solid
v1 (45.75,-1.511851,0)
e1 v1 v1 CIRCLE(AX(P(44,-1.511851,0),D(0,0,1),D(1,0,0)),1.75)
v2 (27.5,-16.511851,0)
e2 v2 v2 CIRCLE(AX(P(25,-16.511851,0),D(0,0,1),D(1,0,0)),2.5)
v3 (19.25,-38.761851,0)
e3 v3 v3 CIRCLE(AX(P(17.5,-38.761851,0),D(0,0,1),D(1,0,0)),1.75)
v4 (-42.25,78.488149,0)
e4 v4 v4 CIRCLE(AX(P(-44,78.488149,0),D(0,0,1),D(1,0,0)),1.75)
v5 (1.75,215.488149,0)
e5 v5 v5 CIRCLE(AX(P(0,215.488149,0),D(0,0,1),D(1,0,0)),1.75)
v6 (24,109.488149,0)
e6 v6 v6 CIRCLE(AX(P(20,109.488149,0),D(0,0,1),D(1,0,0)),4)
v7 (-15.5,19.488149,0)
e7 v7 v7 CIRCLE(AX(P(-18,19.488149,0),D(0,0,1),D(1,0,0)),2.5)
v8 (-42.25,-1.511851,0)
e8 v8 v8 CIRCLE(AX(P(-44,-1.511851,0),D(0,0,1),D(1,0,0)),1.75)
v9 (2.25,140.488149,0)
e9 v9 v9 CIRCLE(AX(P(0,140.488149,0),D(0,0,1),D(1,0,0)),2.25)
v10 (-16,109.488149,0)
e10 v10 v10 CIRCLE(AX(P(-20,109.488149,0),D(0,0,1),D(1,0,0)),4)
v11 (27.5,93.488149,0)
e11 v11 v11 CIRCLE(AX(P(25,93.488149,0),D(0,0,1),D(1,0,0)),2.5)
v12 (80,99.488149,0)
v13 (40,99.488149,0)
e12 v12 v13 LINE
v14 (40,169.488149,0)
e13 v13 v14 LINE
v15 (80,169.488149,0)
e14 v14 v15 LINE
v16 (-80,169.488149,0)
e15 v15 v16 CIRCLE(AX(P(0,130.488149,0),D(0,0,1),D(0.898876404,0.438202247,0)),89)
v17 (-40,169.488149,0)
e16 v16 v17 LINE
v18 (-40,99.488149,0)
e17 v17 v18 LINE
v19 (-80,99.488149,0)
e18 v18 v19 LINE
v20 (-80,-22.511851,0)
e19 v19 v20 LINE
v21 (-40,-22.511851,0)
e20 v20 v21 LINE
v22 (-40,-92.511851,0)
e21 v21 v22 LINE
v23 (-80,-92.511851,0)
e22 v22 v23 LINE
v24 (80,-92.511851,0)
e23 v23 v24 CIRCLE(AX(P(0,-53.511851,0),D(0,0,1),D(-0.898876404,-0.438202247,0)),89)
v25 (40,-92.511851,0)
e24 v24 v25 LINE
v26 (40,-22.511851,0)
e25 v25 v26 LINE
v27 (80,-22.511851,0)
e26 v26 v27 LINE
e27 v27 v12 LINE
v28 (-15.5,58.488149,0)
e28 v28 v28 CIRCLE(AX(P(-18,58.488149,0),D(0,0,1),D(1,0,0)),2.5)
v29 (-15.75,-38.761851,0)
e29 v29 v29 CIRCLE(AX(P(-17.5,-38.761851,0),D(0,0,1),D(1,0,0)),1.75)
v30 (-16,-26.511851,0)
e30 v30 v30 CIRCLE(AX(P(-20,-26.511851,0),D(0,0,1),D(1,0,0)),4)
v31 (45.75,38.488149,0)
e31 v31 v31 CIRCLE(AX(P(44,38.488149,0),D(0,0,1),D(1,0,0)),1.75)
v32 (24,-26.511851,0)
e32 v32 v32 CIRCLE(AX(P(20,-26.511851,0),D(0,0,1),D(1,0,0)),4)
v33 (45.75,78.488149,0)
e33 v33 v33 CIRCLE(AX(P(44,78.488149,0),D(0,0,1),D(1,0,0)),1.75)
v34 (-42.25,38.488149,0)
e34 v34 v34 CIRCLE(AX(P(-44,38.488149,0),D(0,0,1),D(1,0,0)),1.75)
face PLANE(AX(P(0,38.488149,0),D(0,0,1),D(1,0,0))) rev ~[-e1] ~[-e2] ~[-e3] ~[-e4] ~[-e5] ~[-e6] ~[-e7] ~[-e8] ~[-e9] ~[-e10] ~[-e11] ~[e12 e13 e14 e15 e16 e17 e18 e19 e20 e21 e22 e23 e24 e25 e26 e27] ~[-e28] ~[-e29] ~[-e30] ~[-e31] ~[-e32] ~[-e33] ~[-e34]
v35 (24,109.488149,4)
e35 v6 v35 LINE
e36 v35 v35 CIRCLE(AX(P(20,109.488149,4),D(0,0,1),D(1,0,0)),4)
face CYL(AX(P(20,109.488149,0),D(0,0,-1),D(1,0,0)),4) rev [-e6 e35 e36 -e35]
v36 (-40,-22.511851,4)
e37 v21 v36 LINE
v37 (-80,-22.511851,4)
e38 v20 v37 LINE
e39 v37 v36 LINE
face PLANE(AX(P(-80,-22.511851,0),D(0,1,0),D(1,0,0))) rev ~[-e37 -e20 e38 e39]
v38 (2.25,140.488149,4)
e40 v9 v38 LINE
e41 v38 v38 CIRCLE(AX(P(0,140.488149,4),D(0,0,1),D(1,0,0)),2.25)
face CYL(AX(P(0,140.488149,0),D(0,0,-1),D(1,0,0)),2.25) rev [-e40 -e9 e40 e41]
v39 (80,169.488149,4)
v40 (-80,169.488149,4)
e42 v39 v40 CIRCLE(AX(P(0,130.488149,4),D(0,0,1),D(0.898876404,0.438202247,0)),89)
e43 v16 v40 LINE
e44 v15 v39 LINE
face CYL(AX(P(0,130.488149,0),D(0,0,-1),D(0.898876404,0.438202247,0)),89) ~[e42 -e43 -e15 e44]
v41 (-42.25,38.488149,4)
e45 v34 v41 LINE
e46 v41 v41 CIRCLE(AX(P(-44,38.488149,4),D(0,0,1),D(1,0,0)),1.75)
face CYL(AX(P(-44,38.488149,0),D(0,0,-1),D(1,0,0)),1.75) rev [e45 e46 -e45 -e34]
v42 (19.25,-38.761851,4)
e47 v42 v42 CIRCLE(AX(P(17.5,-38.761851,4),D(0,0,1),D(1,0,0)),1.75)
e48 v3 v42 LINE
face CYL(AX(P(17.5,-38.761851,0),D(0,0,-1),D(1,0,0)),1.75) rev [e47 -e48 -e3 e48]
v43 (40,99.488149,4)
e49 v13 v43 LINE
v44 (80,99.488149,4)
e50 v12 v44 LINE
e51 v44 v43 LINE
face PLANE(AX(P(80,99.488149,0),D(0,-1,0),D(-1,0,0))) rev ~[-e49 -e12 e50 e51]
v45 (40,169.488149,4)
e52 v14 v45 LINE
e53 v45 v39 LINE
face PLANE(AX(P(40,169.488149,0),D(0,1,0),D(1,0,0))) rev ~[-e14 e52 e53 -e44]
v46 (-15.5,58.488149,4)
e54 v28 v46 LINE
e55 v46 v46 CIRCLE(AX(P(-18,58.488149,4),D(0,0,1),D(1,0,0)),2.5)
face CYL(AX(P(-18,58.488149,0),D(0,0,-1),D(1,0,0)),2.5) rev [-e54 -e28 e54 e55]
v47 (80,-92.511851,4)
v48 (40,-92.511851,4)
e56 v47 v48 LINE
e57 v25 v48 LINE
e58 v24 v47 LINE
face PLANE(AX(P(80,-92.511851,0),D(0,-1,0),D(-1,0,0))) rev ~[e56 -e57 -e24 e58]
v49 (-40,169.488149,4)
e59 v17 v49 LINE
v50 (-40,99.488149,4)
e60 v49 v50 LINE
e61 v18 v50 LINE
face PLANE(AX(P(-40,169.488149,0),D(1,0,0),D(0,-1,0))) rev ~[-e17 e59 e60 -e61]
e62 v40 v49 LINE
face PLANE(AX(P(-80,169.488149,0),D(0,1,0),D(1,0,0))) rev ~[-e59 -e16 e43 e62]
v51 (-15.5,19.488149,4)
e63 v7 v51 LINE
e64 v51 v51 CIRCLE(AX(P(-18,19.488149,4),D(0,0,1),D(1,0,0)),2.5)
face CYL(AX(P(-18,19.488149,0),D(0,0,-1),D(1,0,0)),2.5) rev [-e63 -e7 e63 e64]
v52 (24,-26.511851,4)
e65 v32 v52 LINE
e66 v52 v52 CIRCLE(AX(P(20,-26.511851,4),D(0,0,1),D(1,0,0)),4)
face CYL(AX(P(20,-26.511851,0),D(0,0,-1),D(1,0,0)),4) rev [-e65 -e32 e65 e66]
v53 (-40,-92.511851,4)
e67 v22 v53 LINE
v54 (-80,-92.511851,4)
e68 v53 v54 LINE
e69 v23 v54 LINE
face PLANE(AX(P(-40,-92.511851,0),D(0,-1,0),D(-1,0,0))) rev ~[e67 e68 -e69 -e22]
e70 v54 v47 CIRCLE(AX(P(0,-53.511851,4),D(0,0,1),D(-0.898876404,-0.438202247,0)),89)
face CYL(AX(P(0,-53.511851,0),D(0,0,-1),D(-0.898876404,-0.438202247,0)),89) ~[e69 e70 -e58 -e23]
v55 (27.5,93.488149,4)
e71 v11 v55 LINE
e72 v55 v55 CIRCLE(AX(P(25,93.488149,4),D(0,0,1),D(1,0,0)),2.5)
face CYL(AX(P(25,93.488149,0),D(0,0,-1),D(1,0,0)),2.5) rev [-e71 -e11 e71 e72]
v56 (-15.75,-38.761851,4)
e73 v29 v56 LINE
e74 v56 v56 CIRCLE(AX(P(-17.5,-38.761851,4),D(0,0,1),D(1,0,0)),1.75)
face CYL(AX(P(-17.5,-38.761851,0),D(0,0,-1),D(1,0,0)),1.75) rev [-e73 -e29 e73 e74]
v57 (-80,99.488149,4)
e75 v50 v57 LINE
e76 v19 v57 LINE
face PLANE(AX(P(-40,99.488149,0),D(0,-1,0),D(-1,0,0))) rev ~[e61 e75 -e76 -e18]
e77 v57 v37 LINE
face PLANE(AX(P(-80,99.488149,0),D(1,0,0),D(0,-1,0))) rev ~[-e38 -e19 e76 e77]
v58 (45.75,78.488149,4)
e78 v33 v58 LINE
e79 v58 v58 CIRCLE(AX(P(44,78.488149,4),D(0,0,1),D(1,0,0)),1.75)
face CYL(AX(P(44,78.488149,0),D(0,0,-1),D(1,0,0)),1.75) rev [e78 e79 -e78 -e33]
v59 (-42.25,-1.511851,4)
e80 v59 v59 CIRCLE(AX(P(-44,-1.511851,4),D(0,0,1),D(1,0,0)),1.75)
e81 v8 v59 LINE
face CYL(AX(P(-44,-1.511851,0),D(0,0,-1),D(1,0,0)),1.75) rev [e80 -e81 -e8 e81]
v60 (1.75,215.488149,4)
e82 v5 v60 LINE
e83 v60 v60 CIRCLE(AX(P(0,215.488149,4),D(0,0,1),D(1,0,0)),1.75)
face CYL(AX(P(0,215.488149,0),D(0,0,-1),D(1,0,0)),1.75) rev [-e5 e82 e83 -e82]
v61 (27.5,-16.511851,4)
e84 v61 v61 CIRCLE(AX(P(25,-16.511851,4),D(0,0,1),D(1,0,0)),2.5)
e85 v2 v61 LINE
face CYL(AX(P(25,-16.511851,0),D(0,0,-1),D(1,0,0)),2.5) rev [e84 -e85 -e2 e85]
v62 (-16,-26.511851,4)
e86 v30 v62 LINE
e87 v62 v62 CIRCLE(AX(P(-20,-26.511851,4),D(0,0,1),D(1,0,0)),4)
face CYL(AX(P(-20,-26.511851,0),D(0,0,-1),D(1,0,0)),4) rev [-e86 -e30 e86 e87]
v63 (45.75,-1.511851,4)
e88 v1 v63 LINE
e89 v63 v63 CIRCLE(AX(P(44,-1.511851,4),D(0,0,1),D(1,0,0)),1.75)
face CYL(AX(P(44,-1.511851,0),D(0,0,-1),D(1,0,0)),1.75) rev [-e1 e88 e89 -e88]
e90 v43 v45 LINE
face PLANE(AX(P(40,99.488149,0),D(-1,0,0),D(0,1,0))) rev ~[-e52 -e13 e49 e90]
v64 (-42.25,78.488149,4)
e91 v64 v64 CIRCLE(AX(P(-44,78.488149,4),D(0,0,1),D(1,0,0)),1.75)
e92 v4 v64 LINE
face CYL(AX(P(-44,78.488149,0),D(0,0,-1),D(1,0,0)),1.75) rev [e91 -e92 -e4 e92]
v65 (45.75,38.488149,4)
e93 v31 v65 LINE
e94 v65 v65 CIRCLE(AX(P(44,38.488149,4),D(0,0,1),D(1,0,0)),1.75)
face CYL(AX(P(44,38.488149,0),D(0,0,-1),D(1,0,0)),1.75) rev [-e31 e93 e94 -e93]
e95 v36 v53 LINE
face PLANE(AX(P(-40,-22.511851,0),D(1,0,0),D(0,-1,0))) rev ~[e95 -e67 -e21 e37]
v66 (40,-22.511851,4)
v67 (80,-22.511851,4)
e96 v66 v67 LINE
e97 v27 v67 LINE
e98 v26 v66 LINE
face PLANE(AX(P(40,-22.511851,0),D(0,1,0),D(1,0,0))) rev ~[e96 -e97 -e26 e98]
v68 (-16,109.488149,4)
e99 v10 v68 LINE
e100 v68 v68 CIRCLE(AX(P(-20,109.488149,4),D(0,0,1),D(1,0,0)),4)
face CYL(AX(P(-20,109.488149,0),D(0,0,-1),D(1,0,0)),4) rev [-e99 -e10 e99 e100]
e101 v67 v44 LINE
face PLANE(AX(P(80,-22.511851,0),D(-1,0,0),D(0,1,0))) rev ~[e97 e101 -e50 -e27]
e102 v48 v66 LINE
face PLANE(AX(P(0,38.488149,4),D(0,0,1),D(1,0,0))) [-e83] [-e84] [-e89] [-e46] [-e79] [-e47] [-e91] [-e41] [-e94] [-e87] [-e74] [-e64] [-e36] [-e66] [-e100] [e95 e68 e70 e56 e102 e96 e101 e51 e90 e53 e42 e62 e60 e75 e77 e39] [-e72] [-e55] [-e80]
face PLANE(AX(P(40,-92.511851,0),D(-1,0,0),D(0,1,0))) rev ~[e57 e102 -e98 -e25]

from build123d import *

# Parameters (mm, degrees)
F0_R     = 1.75
F0_R_2   = 4
F0_R_3   = 2.5
F0_R_4   = 2.25
F1_DEPTH = 4


with BuildPart() as f1:
    # F0 (on Top) → F1 (new body)
    with BuildSketch(Plane.XY):
        with BuildLine():
            ThreePointArc((80, 169.488149), (0, 219.488149), (-80, 169.488149))
            Line((-80, 169.488149), (-40, 169.488149))
            Line((-40, 169.488149), (-40, 99.488149))
            Line((-40, 99.488149), (-80, 99.488149))
            Line((-80, 99.488149), (-80, -22.511851))
            Line((-80, -22.511851), (-40, -22.511851))
            Line((-40, -22.511851), (-40, -92.511851))
            Line((-40, -92.511851), (-80, -92.511851))
            ThreePointArc((-80, -92.511851), (0, -142.511851), (80, -92.511851))
            Line((80, -92.511851), (40, -92.511851))
            Line((40, -92.511851), (40, -22.511851))
            Line((40, -22.511851), (80, -22.511851))
            Line((80, -22.511851), (80, 99.488149))
            Line((80, 99.488149), (40, 99.488149))
            Line((40, 99.488149), (40, 169.488149))
            Line((40, 169.488149), (80, 169.488149))
        make_face()
        with Locations((-44, -1.511851)):
            Circle(F0_R, mode=Mode.SUBTRACT)
        with Locations((-17.5, -38.761851)):
            Circle(F0_R, mode=Mode.SUBTRACT)
        with Locations((-20, -26.511851)):
            Circle(F0_R_2, mode=Mode.SUBTRACT)
        with Locations((-18, 19.488149)):
            Circle(F0_R_3, mode=Mode.SUBTRACT)
        with Locations((17.5, -38.761851)):
            Circle(F0_R, mode=Mode.SUBTRACT)
        with Locations((20, -26.511851)):
            Circle(F0_R_2, mode=Mode.SUBTRACT)
        with Locations((25, -16.511851)):
            Circle(F0_R_3, mode=Mode.SUBTRACT)
        with Locations((44, -1.511851)):
            Circle(F0_R, mode=Mode.SUBTRACT)
        with Locations((-44, 38.488149)):
            Circle(F0_R, mode=Mode.SUBTRACT)
        with Locations((-44, 78.488149)):
            Circle(F0_R, mode=Mode.SUBTRACT)
        with Locations((-18, 58.488149)):
            Circle(F0_R_3, mode=Mode.SUBTRACT)
        with Locations((-20, 109.488149)):
            Circle(F0_R_2, mode=Mode.SUBTRACT)
        with Locations((25, 93.488149)):
            Circle(F0_R_3, mode=Mode.SUBTRACT)
        with Locations((20, 109.488149)):
            Circle(F0_R_2, mode=Mode.SUBTRACT)
        with Locations((44, 38.488149)):
            Circle(F0_R, mode=Mode.SUBTRACT)
        with Locations((44, 78.488149)):
            Circle(F0_R, mode=Mode.SUBTRACT)
        with Locations((0, 140.488149)):
            Circle(F0_R_4, mode=Mode.SUBTRACT)
        with Locations((0, 215.488149)):
            Circle(F0_R, mode=Mode.SUBTRACT)
    extrude(amount=F1_DEPTH)


solid = f1.part
